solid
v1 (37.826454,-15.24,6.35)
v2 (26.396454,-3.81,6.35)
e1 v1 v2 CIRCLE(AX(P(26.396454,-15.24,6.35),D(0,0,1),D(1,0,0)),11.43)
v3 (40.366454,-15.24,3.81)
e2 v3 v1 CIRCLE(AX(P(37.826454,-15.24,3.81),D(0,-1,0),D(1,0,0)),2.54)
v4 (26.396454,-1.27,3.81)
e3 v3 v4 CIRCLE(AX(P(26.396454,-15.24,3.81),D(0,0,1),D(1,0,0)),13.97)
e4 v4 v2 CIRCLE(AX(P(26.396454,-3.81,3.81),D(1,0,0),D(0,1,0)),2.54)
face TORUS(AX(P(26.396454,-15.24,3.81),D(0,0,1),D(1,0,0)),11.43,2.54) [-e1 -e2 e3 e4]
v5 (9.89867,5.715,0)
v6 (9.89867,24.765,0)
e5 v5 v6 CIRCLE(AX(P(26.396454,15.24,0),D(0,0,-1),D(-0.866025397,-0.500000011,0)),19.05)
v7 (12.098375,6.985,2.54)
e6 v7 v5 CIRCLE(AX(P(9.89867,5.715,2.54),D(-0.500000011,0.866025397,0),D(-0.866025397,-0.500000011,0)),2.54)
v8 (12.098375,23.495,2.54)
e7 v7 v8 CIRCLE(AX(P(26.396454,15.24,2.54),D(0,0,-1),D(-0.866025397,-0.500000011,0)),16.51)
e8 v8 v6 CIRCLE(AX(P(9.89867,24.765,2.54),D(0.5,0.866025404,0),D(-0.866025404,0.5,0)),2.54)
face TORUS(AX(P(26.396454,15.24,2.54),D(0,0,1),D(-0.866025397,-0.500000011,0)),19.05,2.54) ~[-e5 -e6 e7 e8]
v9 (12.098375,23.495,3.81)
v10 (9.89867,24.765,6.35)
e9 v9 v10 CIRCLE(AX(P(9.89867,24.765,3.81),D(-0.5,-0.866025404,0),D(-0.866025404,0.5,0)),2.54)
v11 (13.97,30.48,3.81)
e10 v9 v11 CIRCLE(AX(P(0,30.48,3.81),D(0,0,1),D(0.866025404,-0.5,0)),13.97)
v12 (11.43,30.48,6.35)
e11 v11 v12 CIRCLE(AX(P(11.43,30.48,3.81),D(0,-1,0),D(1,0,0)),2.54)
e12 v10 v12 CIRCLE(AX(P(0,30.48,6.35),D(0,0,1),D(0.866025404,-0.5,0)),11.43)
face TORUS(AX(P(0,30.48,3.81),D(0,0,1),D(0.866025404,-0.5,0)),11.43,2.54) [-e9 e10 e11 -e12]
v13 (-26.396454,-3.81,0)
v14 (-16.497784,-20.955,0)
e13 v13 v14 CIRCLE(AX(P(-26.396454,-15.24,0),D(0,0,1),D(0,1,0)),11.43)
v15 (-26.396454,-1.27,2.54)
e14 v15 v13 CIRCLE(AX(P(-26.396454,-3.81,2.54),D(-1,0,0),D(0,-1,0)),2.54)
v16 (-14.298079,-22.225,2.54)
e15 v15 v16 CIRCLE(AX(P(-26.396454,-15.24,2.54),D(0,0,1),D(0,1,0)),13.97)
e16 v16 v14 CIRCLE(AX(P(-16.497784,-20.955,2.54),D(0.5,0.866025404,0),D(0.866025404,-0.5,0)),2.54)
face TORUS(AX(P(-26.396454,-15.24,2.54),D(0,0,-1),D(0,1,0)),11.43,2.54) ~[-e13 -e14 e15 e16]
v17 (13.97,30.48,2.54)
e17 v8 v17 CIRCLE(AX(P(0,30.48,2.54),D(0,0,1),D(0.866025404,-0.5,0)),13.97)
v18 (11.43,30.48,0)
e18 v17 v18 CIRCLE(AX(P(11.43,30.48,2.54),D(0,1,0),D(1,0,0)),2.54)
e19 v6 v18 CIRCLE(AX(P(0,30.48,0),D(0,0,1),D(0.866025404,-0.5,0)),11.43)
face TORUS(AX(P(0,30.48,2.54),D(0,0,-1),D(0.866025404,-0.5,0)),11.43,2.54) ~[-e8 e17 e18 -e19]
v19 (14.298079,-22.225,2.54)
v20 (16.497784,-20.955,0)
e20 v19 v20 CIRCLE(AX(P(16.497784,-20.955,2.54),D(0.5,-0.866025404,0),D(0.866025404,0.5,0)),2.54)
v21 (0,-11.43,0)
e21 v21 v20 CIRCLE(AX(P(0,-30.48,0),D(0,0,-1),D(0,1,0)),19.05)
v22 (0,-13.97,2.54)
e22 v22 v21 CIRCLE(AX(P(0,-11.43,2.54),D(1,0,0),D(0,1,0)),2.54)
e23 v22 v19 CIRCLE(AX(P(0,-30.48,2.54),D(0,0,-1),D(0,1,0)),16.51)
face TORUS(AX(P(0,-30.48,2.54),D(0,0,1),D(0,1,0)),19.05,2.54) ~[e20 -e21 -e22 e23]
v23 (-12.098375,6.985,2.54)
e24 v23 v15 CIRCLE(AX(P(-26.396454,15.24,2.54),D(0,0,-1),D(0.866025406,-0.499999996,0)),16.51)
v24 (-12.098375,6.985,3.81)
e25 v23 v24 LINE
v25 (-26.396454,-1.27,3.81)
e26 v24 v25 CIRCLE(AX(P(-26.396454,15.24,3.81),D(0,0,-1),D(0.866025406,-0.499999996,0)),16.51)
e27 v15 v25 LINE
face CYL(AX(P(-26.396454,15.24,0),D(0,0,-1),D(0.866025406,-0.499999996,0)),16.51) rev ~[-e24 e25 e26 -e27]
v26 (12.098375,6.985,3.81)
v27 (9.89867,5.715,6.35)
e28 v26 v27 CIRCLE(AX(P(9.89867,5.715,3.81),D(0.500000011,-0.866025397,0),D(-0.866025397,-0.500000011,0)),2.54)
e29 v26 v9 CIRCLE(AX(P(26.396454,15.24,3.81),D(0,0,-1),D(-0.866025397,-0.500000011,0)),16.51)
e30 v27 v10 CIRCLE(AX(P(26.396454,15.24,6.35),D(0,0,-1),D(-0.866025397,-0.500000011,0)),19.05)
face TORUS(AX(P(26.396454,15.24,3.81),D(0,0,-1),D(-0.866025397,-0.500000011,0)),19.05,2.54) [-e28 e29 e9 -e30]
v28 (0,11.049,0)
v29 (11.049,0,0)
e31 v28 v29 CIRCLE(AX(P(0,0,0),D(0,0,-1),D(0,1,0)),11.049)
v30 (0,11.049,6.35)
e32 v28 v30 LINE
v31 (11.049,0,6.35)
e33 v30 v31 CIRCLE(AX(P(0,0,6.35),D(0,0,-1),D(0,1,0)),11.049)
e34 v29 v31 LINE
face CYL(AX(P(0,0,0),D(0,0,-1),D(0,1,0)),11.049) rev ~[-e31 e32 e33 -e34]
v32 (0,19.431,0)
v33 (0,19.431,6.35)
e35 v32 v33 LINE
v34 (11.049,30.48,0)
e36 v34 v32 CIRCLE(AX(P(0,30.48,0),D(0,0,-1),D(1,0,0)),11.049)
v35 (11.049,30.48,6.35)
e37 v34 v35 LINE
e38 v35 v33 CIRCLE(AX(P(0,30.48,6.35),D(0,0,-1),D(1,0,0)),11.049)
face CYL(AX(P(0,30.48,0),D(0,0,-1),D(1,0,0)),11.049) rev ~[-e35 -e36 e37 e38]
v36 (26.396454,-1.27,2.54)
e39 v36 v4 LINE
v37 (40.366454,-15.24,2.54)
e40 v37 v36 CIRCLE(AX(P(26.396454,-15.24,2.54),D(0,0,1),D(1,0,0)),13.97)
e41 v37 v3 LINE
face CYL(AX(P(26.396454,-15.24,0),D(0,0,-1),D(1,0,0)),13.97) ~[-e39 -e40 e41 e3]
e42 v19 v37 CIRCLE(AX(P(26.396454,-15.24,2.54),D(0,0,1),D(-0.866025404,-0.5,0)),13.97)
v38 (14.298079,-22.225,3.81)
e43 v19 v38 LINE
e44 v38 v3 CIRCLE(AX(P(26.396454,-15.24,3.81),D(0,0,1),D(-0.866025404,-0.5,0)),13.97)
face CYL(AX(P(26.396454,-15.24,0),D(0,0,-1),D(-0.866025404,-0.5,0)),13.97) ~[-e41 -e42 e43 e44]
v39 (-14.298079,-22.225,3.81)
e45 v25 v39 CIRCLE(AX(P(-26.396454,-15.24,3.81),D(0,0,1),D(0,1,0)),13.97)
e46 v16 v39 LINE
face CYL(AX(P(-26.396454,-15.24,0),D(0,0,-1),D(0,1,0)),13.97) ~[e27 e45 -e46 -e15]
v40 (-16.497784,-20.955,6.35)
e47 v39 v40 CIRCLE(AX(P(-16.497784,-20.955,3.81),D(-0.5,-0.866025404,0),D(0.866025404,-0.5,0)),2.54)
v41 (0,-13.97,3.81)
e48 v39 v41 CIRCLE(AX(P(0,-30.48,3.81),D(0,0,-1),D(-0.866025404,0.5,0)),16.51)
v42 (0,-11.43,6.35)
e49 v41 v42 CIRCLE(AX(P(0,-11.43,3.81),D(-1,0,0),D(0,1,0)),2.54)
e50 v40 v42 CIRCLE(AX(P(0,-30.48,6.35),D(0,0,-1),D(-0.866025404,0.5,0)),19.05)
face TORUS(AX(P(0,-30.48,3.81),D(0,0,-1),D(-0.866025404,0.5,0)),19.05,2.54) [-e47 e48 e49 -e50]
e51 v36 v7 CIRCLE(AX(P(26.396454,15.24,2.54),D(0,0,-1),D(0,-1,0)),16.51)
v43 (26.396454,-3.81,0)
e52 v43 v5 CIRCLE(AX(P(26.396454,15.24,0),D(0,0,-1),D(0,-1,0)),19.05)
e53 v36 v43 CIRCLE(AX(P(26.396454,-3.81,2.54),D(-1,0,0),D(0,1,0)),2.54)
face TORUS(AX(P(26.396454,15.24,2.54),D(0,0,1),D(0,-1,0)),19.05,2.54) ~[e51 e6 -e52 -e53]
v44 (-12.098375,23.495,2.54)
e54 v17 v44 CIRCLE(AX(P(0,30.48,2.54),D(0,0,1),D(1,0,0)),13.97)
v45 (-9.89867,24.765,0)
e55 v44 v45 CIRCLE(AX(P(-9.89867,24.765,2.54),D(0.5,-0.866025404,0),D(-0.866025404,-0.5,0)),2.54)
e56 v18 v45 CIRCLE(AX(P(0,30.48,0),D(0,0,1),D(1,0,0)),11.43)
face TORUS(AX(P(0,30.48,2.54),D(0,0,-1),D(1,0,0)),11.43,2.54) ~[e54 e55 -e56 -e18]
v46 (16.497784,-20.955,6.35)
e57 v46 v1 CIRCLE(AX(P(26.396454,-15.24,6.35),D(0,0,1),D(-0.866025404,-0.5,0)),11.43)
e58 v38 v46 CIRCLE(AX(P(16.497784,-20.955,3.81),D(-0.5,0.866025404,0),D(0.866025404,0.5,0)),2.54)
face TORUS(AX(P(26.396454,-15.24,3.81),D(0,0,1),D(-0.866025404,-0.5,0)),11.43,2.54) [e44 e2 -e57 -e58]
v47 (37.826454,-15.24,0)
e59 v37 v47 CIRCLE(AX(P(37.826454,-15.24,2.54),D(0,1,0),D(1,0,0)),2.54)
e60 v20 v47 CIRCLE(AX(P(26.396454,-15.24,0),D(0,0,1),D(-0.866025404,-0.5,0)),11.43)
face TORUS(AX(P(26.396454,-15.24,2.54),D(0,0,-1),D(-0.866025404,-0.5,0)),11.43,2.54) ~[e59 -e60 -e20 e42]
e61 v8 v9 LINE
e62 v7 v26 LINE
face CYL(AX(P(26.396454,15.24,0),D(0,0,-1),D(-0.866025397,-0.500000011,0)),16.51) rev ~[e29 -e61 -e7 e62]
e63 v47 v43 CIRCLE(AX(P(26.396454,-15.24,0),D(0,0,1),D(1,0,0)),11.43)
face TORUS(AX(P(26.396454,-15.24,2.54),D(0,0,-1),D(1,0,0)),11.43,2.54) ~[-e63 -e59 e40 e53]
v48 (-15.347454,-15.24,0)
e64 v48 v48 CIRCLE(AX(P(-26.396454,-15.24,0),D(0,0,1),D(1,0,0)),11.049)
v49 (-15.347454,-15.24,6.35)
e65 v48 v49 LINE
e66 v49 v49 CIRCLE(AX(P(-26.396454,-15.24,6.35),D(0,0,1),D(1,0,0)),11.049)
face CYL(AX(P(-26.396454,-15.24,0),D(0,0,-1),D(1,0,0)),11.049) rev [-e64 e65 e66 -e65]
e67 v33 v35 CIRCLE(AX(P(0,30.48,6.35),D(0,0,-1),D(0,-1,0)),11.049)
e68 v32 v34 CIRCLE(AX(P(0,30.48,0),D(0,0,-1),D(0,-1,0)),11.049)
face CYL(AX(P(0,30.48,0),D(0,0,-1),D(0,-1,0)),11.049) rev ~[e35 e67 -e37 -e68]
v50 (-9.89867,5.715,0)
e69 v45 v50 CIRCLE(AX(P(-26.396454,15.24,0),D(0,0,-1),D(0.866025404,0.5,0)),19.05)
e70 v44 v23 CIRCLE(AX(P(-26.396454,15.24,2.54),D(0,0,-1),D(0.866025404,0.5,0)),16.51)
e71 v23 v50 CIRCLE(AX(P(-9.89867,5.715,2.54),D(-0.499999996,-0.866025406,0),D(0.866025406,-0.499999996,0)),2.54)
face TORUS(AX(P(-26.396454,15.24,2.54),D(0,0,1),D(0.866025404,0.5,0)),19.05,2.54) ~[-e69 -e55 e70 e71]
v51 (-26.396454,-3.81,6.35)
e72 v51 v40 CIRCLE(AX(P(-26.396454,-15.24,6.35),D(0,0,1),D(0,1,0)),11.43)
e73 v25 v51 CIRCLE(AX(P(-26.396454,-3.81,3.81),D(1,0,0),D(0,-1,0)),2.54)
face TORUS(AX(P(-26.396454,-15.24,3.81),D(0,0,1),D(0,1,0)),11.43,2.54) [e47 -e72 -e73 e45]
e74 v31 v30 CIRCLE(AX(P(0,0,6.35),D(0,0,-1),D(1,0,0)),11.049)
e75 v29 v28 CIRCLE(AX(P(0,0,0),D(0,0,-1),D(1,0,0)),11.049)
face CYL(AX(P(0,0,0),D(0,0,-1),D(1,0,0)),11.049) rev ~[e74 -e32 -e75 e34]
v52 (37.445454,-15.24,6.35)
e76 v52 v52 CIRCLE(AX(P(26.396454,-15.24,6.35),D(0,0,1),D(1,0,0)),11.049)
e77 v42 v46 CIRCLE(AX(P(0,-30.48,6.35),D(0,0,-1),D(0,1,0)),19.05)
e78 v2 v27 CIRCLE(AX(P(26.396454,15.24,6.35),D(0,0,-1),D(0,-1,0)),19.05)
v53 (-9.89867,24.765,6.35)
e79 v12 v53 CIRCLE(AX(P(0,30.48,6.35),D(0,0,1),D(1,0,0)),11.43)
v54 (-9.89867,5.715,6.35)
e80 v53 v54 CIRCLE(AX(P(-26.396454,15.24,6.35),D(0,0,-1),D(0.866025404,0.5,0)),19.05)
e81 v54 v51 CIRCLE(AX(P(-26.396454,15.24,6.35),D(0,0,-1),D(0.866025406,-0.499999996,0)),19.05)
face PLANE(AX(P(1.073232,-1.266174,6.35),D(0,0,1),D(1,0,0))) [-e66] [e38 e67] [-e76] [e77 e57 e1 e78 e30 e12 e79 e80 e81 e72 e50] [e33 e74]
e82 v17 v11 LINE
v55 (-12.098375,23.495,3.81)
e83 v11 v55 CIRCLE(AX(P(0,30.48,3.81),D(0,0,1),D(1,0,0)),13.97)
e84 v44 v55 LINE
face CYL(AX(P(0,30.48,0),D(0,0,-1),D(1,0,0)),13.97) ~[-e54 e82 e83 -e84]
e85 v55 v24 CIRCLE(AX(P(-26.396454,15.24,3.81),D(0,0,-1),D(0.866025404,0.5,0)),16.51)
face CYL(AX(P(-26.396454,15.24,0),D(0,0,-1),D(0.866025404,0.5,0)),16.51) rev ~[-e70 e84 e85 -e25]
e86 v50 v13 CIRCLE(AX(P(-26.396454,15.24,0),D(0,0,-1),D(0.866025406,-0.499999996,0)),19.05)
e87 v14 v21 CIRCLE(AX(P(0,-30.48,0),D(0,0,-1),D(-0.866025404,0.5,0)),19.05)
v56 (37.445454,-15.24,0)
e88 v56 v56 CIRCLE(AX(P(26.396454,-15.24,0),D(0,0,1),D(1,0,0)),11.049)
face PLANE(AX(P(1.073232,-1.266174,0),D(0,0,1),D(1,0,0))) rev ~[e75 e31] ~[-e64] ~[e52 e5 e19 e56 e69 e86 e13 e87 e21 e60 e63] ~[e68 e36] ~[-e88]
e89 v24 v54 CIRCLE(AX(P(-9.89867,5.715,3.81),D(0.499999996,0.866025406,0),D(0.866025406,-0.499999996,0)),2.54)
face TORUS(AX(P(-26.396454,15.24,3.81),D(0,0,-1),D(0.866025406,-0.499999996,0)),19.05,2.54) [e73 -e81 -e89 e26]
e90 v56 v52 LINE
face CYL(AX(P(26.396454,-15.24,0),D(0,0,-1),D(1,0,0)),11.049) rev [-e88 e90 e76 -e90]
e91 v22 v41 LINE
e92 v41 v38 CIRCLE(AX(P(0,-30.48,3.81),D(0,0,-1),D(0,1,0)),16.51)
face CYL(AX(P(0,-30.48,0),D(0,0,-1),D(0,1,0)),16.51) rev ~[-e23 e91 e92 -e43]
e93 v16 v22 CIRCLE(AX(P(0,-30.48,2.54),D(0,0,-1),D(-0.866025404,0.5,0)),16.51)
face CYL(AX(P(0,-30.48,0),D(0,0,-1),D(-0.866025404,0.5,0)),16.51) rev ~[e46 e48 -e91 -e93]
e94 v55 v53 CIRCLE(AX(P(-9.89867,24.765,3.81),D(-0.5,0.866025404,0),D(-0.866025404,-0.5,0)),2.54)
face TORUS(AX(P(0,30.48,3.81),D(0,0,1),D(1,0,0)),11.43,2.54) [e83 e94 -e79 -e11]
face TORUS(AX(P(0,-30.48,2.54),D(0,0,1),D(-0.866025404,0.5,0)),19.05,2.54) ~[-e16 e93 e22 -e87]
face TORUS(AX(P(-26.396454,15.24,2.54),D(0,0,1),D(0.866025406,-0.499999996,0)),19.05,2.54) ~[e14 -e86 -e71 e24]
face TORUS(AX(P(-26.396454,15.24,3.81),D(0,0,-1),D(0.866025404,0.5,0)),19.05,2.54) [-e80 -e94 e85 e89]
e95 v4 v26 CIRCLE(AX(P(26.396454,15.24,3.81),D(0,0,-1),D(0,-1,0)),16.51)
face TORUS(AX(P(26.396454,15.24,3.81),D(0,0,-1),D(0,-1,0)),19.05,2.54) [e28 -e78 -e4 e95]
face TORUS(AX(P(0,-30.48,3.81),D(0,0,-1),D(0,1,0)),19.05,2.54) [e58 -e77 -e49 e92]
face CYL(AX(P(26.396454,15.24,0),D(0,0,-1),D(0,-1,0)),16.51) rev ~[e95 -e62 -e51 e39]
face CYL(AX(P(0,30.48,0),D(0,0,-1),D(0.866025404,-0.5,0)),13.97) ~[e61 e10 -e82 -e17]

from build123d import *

# Parameters (mm, degrees)
F0_R     = 11.049
F1_DEPTH = 6.35
F2_R     = 2.54


with BuildPart() as f1:
    # F0 (on Top) → F1 (new body)
    with BuildSketch(Plane.XY):
        with BuildLine():
            ThreePointArc((0, 11.049), (7.8128228253, 7.8128228253), (11.049, 0))
            ThreePointArc((11.049, 0), (-2.8596916293, -10.6725144547), (-9.5687146864, 5.5245))
            Line((-9.5687146864, 5.5245), (-12.0983748909, 6.985))
            ThreePointArc((-12.098374853, 6.9850000656), (-12.0983749098, -6.9849999672), (0, -13.97))
            ThreePointArc((0, -13.97), (9.8782817332, -9.8782817332), (13.97, 0))
            ThreePointArc((13.97, 0), (13.4939838208, 3.6157019573), (12.0983749973, 6.9849998157))
            ThreePointArc((12.0983749973, 6.9849998157), (6.9850000922, 12.0983748377), (0, 13.97))
            Line((0, 13.97), (0, 11.049))
        make_face()
        with BuildLine():
            ThreePointArc((-9.5687146864, 5.5245), (-5.5245, 9.5687146864), (0, 11.049))
            Line((0, 11.049), (0, 13.97))
            ThreePointArc((0, 13.97), (-6.9849999672, 12.0983749098), (-12.098374853, 6.9850000656))
            Line((-12.0983748909, 6.985), (-9.5687146864, 5.5245))
        make_face()
        with BuildLine():
            Line((0, 16.51), (0, 13.97))
            ThreePointArc((0, 13.97), (6.9850000922, 12.0983748377), (12.0983749973, 6.9849998157))
            ThreePointArc((12.0983749973, 6.9849998157), (9.8864543073, 15.2399998936), (12.0983748909, 23.495))
            ThreePointArc((12.0983748909, 23.495), (6.985, 18.3816251091), (0, 16.51))
        make_face()
        with BuildLine():
            ThreePointArc((-12.098374853, 6.9850000656), (-6.9849999672, 12.0983749098), (0, 13.97))
            Line((0, 13.97), (0, 16.51))
            ThreePointArc((0, 16.51), (-6.985, 18.3816251091), (-12.0983748909, 23.495))
            ThreePointArc((-12.0983748909, 23.495), (-9.8864543073, 15.2400000379), (-12.098374853, 6.9850000656))
        make_face()
        with BuildLine():
            ThreePointArc((0, -13.97), (-12.0983749098, -6.9849999672), (-12.098374853, 6.9850000656))
            ThreePointArc((-12.098374853, 6.9850000656), (-18.1414542745, 0.9419206025), (-26.3964543073, -1.27))
            ThreePointArc((-26.3964543073, -1.27), (-16.5181725742, -5.3617182668), (-12.4264543073, -15.24))
            ThreePointArc((-12.4264543073, -15.24), (-12.9024705141, -18.8557020601), (-14.2980794165, -22.225))
            ThreePointArc((-14.2980794165, -22.225), (-8.255, -16.1819205835), (0, -13.97))
        make_face()
        with BuildLine():
            ThreePointArc((26.3964543073, -1.27), (18.1414543995, 0.9419205303), (12.0983749973, 6.9849998157))
            ThreePointArc((12.0983749973, 6.9849998157), (13.4939838208, 3.6157019573), (13.97, 0))
            ThreePointArc((13.97, 0), (9.8782817332, -9.8782817332), (0, -13.97))
            ThreePointArc((0, -13.97), (8.255, -16.1819205835), (14.2980794165, -22.225))
            ThreePointArc((14.2980794165, -22.225), (14.2980794165, -8.255), (26.3964543073, -1.27))
        make_face()
        with BuildLine():
            ThreePointArc((-12.0983748909, 23.495), (-6.985, 18.3816251091), (0, 16.51))
            ThreePointArc((0, 16.51), (6.985, 18.3816251091), (12.0983748909, 23.495))
            ThreePointArc((12.0983748909, 23.495), (13.4939837933, 26.8642979399), (13.97, 30.48))
            ThreePointArc((13.97, 30.48), (-3.6157020601, 43.9739837933), (-12.0983748909, 23.495))
        make_face()
        with BuildLine():
            ThreePointArc((11.049, 30.48), (7.8128228253, 22.6671771747), (0, 19.431))
            ThreePointArc((0, 19.431), (-7.8128228253, 38.2928228253), (11.049, 30.48))
        make_face(mode=Mode.SUBTRACT)
        with BuildLine():
            ThreePointArc((-12.4264543073, -15.24), (-16.5181725742, -5.3617182668), (-26.3964543073, -1.27))
            ThreePointArc((-26.3964543073, -1.27), (-38.4948291982, -22.225), (-14.2980794165, -22.225))
            ThreePointArc((-14.2980794165, -22.225), (-12.9024705141, -18.8557020601), (-12.4264543073, -15.24))
        make_face()
        with Locations((-26.3964543073, -15.24)):
            Circle(F0_R, mode=Mode.SUBTRACT)
        with BuildLine():
            ThreePointArc((40.3664543073, -15.24), (36.2747360405, -5.3617182668), (26.3964543073, -1.27))
            ThreePointArc((26.3964543073, -1.27), (14.2980794165, -8.255), (14.2980794165, -22.225))
            ThreePointArc((14.2980794165, -22.225), (30.0121563674, -28.7339837933), (40.3664543073, -15.24))
        make_face()
        with Locations((26.3964543073, -15.24)):
            Circle(F0_R, mode=Mode.SUBTRACT)
    extrude(amount=F1_DEPTH)

    # F2
    f2_edges = [f1.edges().sort_by_distance(p)[0] for p in [
        (26.396454, -1.27, 3.175),
        (12.098375, 23.495, 3.175),
        (12.098375, 6.985, 0),
        (12.098375, 6.985, 6.35),
    ]]
    fillet(f2_edges, radius=F2_R)


solid = f1.part
